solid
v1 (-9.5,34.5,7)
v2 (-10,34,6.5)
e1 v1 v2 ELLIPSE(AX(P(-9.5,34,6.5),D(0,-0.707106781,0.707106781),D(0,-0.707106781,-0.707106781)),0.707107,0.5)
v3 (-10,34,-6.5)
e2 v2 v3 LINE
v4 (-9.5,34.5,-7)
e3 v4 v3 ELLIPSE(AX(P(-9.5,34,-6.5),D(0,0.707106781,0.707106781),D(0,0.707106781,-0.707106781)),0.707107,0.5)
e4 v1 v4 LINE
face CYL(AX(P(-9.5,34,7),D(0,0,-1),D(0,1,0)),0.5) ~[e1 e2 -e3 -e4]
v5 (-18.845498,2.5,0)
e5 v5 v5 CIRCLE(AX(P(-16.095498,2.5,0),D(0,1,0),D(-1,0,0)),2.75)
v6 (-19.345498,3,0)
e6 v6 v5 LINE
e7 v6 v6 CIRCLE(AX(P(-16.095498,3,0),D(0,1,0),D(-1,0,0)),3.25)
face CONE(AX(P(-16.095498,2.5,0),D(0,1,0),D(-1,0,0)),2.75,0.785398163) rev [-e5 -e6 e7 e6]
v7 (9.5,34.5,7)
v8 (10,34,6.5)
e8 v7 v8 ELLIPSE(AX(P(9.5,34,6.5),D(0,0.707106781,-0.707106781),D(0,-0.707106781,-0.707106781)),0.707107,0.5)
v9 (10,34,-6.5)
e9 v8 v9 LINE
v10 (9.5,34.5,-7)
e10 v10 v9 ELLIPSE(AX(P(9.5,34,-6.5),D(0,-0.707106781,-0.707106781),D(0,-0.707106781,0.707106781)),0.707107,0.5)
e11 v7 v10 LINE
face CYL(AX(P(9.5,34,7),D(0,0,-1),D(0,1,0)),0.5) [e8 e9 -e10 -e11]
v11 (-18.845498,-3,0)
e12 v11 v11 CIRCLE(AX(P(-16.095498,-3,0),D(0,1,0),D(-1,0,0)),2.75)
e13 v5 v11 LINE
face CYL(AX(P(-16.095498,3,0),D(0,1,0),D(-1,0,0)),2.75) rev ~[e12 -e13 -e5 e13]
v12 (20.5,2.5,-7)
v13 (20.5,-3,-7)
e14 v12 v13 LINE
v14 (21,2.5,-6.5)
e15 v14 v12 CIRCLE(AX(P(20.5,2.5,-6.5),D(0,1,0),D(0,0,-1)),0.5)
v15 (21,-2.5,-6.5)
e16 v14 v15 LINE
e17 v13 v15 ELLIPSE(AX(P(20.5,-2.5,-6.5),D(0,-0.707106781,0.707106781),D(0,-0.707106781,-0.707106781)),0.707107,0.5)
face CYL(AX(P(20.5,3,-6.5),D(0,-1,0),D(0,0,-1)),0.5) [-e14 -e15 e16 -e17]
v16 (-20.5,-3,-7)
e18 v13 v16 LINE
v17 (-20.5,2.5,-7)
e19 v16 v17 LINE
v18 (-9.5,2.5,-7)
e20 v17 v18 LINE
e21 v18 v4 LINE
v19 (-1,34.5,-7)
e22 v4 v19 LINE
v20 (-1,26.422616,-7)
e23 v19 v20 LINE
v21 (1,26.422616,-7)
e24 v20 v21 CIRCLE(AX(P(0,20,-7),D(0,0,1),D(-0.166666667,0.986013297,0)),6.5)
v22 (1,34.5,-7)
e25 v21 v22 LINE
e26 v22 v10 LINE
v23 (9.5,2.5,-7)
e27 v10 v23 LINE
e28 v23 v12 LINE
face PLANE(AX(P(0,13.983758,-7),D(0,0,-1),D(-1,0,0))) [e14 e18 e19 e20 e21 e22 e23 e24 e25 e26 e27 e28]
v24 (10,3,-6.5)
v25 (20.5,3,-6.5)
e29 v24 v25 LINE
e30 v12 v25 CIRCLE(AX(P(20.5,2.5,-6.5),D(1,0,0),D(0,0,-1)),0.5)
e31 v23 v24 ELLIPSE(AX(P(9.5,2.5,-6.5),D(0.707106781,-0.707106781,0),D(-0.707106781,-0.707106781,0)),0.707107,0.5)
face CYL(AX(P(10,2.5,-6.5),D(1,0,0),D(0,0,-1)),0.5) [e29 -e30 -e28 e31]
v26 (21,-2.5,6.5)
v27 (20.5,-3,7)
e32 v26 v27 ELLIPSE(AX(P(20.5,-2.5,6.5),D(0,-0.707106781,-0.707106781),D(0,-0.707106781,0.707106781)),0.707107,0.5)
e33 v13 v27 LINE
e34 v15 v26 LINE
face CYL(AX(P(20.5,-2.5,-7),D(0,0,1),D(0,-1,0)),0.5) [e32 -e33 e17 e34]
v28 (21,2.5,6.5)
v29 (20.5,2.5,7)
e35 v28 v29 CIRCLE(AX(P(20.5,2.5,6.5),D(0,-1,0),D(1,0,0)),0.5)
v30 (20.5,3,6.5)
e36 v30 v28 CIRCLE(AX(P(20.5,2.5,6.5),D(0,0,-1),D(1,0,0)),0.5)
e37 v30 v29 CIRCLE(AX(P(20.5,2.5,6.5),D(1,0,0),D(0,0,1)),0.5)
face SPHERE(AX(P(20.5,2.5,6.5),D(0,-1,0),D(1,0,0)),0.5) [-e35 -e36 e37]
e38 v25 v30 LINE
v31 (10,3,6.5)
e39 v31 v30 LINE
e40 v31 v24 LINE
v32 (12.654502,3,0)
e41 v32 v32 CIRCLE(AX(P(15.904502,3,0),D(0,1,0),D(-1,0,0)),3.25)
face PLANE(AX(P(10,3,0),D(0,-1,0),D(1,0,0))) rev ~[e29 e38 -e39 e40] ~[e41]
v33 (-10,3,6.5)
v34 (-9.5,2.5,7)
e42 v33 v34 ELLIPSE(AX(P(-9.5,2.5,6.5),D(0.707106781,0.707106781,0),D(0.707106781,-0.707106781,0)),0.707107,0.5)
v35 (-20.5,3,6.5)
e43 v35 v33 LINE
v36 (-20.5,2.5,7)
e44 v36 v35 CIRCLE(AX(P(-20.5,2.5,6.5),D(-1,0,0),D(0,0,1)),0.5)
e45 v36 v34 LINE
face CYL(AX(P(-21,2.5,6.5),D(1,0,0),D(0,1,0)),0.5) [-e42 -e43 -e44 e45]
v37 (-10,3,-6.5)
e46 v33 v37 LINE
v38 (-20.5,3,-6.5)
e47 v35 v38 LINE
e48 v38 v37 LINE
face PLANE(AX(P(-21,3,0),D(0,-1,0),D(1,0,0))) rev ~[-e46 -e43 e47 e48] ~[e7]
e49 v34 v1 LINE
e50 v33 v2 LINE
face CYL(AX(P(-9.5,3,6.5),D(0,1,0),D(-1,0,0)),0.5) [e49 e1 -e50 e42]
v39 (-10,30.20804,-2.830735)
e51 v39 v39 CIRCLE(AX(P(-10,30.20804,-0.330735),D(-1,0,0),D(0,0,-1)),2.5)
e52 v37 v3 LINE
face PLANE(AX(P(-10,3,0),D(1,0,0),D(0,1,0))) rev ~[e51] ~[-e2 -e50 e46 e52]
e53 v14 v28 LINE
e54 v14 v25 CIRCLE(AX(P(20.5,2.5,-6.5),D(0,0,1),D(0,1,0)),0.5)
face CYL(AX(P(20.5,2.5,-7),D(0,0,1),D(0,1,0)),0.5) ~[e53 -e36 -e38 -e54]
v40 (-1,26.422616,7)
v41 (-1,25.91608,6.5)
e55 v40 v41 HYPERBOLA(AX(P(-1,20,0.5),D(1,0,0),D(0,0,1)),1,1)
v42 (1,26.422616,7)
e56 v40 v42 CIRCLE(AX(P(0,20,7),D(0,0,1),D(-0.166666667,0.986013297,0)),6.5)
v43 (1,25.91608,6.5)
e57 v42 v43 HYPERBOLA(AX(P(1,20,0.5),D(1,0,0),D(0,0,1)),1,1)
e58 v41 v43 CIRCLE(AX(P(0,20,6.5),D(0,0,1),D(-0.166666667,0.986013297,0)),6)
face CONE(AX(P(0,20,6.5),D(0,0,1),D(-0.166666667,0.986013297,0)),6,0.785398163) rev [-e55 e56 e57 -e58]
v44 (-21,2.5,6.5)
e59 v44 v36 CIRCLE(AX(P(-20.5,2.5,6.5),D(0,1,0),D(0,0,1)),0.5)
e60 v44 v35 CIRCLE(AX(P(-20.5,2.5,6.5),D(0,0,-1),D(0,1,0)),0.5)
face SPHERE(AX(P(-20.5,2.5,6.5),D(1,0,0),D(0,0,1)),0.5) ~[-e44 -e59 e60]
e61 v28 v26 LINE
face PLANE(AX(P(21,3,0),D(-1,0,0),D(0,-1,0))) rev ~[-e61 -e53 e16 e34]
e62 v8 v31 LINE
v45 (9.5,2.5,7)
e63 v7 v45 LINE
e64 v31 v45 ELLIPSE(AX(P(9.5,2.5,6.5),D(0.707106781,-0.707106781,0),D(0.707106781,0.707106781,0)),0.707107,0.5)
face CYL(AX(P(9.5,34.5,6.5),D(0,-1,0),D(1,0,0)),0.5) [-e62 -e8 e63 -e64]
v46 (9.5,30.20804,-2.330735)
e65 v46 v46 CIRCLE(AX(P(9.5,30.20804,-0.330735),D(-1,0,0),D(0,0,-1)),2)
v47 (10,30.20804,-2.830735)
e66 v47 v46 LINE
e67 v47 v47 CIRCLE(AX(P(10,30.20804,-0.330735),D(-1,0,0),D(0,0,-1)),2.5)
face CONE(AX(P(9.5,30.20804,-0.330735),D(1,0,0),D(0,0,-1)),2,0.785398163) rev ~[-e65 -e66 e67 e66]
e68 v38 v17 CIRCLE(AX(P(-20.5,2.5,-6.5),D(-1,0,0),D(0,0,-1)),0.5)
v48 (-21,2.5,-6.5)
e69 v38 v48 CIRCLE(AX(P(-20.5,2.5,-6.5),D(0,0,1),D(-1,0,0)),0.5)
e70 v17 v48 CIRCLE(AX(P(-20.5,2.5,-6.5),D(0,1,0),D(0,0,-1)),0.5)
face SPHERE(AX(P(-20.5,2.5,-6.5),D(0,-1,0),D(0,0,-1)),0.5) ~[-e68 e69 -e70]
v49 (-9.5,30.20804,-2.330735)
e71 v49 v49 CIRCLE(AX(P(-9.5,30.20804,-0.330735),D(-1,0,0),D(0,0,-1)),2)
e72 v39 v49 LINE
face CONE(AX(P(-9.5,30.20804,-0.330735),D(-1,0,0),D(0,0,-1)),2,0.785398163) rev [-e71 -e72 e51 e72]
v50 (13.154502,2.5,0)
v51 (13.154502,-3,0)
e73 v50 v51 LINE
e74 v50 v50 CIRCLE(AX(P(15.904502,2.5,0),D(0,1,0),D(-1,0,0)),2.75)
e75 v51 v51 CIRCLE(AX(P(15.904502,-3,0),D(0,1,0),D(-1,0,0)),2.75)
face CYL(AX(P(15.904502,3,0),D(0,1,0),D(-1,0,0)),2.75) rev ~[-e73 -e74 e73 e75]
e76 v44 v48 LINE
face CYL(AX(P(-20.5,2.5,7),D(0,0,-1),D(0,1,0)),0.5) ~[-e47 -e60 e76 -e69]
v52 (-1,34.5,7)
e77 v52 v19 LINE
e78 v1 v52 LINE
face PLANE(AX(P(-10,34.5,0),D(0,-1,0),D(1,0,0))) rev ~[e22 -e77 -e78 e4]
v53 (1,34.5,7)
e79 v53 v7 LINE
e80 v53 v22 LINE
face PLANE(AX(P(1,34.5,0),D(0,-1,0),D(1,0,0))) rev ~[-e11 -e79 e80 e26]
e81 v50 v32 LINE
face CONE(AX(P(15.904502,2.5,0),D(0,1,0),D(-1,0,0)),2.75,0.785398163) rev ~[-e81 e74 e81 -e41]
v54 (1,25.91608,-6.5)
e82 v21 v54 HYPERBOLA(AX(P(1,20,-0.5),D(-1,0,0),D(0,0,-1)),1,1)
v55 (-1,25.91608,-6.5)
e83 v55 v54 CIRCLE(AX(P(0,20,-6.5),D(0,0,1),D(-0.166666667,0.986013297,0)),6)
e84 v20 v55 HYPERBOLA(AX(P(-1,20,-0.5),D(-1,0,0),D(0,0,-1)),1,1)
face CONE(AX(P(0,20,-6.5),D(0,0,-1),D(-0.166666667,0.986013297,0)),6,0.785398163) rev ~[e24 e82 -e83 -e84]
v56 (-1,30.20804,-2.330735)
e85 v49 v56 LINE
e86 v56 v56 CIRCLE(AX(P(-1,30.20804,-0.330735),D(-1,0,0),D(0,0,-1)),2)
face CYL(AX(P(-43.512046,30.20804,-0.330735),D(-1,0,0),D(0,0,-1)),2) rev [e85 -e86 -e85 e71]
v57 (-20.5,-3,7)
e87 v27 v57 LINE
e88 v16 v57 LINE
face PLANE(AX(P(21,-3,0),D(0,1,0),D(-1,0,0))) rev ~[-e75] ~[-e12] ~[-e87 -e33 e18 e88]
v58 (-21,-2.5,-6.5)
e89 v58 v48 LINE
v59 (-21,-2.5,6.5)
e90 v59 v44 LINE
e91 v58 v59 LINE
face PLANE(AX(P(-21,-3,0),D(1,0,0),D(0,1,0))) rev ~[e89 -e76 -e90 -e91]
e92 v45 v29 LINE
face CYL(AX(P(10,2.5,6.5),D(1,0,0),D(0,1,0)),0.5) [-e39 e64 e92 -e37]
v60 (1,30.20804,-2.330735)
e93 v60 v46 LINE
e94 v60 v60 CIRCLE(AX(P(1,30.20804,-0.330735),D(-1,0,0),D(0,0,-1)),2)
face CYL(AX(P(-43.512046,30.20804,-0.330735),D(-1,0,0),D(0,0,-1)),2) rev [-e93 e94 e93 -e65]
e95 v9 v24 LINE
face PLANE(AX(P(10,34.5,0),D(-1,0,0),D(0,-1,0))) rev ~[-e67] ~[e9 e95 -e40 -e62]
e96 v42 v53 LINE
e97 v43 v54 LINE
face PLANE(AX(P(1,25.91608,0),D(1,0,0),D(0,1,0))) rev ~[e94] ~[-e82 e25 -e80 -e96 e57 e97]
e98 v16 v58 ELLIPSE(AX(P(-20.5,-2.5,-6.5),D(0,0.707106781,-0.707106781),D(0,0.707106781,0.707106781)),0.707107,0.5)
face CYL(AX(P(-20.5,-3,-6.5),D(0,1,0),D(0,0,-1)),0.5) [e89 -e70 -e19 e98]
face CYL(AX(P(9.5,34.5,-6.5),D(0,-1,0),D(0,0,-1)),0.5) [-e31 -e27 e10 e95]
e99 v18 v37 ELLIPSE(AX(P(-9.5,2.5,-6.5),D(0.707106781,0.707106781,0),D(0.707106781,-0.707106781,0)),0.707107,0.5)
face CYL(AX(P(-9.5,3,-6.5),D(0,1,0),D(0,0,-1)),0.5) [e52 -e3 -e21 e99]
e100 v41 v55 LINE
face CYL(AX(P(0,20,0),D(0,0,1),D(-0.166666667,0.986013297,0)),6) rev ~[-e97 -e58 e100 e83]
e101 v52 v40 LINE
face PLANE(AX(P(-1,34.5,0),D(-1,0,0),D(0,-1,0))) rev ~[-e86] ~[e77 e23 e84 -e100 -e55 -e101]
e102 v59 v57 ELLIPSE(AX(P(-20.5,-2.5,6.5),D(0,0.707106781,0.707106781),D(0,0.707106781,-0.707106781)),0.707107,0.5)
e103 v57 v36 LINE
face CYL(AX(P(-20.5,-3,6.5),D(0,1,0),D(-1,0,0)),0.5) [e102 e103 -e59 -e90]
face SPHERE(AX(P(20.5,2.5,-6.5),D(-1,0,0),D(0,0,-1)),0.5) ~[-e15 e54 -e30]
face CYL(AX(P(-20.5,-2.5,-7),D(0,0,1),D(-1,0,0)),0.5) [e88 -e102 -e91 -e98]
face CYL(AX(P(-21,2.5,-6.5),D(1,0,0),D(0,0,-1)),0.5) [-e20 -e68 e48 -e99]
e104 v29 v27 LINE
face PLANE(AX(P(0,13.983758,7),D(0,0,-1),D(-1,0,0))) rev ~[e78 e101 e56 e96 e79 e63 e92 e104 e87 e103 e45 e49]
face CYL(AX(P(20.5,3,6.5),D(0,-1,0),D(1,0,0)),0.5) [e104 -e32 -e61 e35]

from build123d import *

# Parameters (mm, degrees)
BOSS_EXTRUDE1_DEPTH     = 7
SKETCH2_R               = 2.75
CUT_EXTRUDE1_DEPTH      = 39.5
CUT_EXTRUDE2_DEPTH      = 42.512046444
CUT_EXTRUDE2_DEPTH_BACK = 42.512046444
SKETCH5_R               = 2
CHAMFER2_SIZE           = 0.5
FILLET2_R               = 0.5


with BuildPart() as part:
    # Sketch1 → Boss-Extrude1 (new, symmetric)
    with BuildSketch(Plane.XY):
        with BuildLine():
            Line((-21, -3), (-21, 3))
            Line((-21, 3), (-10, 3))
            Line((-10, 3), (-10, 34.5))
            Line((-10, 34.5), (-1, 34.5))
            Line((-1, 34.5), (-1, 25.916079783))
            ThreePointArc((-1, 25.916079783), (0, 14), (1, 25.916079783))
            Line((1, 25.916079783), (1, 34.5))
            Line((1, 34.5), (10, 34.5))
            Line((10, 34.5), (10, 3))
            Line((10, 3), (21, 3))
            Line((21, 3), (21, -3))
            Line((21, -3), (-21, -3))
        make_face()
    extrude(amount=BOSS_EXTRUDE1_DEPTH, both=True)

    # Sketch2 → Cut-Extrude1 (cut, through all)
    with BuildSketch(Plane(origin=(0, 3, 0), x_dir=(1, 0, 0), z_dir=(0, 1, 0))):
        with Locations(Location((15.904501915, 0, 0), (0, 0, 180))):
            Circle(SKETCH2_R)
        with Locations(Location((-16.095498085, 0, 0), (0, 0, 180))):
            Circle(SKETCH2_R)
    extrude(amount=-CUT_EXTRUDE1_DEPTH, mode=Mode.SUBTRACT)

    # Sketch5 → Cut-Extrude2 (cut, two sides: drawn at the far end of the back side and taken through both)
    with BuildSketch(Plane(origin=(-1, 0, 0), x_dir=(0, 0, -1), z_dir=(1, 0, 0)).offset(-CUT_EXTRUDE2_DEPTH_BACK)):
        with Locations((0.330734984, 30.208039892)):
            Circle(SKETCH5_R)
    extrude(amount=CUT_EXTRUDE2_DEPTH + CUT_EXTRUDE2_DEPTH_BACK, mode=Mode.SUBTRACT)

    # Chamfer2
    chamfer2_edges = [part.edges().sort_by_distance(p)[0] for p in [
        (0, 14, -7),
        (0, 14, 7),
        (18.654501915, 3, 0),
        (-13.345498085, 3, 0),
        (-10, 30.208039892, 1.669265016),
        (10, 30.208039892, 1.669265016),
    ]]
    chamfer(chamfer2_edges, length=CHAMFER2_SIZE)

    # Fillet2
    fillet2_edges = [part.edges().sort_by_distance(p)[0] for p in [
        (-15.5, 3, 7),
        (10, 18.75, -7),
        (15.5, 3, -7),
        (-21, 0, 7),
        (21, 0, -7),
        (-21, 0, -7),
        (-15.5, 3, -7),
        (-10, 18.75, -7),
        (21, 0, 7),
        (10, 34.5, 0),
        (21, 3, 0),
        (21, -3, 0),
        (-21, -3, 0),
        (-21, 3, 0),
        (-10, 34.5, 0),
        (15.5, 3, 7),
        (10, 18.75, 7),
        (-10, 18.75, 7),
    ]]
    fillet(fillet2_edges, radius=FILLET2_R)


solid = part.part
